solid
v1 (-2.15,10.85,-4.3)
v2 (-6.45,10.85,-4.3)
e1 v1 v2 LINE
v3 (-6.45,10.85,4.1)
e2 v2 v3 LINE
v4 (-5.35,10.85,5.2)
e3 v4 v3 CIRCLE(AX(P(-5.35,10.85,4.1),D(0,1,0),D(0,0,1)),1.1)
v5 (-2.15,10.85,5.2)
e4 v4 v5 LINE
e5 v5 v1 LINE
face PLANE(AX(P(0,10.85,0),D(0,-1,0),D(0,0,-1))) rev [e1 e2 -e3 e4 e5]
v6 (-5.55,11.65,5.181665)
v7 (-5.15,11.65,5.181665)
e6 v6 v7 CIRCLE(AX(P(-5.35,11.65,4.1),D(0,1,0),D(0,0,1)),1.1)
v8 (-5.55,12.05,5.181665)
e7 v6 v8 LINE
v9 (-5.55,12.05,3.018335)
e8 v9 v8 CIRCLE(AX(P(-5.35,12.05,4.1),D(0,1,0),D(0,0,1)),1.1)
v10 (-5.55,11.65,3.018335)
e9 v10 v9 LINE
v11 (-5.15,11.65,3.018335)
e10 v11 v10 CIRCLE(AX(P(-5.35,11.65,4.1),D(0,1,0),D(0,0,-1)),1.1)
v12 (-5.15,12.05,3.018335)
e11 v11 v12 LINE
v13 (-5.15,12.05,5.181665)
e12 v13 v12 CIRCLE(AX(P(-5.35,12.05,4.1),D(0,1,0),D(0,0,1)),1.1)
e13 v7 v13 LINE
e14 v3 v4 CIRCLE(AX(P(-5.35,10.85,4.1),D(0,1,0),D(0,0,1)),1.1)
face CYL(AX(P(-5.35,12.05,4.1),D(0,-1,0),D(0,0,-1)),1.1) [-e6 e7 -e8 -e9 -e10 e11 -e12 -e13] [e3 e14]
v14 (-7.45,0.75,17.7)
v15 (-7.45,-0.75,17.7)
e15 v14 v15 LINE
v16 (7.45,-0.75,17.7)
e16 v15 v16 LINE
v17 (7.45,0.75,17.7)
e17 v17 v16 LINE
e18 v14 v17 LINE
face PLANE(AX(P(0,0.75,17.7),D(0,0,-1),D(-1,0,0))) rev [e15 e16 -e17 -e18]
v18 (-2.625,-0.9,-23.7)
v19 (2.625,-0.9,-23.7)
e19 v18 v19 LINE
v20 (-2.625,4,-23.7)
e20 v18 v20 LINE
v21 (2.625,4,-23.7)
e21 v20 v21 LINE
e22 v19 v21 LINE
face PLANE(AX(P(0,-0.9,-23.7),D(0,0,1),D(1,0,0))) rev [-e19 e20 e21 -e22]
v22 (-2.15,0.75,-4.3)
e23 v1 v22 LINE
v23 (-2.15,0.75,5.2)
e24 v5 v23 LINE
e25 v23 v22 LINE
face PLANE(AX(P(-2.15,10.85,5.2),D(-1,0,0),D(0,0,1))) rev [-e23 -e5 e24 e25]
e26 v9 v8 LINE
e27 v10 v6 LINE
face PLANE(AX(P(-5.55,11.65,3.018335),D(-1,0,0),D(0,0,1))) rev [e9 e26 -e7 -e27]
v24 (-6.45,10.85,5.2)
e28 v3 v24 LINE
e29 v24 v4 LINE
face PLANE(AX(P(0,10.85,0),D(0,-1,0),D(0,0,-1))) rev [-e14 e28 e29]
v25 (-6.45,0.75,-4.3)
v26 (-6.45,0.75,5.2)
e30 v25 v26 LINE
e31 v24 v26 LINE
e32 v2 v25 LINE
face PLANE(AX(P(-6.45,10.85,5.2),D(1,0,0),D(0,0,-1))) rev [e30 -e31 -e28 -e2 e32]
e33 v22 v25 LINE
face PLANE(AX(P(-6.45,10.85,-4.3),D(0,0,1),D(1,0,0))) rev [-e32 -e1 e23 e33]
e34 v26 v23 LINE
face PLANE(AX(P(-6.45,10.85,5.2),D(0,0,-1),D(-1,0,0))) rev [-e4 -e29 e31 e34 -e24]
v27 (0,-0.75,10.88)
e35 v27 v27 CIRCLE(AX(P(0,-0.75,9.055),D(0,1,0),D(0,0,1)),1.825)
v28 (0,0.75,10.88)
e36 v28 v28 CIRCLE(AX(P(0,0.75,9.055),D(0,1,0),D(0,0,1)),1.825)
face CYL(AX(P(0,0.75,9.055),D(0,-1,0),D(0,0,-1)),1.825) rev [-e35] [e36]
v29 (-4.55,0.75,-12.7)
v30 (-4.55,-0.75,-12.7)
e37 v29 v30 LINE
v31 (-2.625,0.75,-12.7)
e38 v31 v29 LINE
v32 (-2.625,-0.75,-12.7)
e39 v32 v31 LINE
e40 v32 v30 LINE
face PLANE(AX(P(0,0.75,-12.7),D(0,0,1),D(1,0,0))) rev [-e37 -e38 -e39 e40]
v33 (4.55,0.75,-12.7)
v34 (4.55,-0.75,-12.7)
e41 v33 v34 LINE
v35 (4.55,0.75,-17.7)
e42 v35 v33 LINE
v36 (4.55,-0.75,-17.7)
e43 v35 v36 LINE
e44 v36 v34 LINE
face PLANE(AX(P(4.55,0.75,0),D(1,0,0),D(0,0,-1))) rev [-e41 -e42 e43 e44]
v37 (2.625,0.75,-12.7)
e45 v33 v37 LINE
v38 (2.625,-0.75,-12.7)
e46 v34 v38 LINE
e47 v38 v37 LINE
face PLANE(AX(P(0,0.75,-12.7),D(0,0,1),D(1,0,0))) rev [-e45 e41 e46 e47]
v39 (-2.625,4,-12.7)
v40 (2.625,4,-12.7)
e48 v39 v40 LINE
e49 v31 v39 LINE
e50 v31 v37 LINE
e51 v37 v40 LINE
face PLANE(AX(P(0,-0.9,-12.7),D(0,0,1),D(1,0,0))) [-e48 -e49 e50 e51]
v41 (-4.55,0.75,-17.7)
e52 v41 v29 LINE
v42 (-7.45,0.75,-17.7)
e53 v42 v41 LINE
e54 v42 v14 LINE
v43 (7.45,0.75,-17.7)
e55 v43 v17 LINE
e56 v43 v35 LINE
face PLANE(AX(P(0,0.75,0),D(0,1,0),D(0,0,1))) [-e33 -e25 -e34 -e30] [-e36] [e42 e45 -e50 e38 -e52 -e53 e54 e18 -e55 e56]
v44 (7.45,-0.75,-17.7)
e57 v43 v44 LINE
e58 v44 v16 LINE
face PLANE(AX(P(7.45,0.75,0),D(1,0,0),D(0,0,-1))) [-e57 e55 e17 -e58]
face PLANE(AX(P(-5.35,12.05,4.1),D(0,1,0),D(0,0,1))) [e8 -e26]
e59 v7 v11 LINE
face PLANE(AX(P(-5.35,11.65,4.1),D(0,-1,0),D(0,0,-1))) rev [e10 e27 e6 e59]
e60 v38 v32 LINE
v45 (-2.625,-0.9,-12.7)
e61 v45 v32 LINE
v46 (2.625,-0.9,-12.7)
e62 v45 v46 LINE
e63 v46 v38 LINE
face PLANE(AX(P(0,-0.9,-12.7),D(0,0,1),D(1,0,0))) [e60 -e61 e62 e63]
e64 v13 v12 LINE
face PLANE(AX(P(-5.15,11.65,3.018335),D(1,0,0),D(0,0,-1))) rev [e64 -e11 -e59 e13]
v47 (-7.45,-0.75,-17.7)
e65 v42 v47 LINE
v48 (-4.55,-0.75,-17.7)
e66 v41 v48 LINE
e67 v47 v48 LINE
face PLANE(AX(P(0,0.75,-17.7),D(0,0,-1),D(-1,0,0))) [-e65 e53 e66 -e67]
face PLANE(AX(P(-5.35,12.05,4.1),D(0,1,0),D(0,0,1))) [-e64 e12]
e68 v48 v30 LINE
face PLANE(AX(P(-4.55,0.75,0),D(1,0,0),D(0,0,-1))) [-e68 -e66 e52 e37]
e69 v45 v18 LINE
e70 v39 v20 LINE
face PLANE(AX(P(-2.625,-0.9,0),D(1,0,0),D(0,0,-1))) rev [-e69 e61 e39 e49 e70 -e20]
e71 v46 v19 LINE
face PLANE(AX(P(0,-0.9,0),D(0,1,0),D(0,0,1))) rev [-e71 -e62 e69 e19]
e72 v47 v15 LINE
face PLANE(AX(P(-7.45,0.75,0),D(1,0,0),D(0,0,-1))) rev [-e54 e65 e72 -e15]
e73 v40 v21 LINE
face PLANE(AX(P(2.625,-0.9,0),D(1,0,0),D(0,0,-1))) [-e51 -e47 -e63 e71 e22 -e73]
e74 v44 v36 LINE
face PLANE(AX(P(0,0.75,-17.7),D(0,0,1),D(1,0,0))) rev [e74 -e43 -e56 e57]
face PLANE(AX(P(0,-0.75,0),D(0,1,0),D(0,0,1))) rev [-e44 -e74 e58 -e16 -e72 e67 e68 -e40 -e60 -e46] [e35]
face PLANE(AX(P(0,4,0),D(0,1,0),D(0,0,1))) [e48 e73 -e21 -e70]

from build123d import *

# Parameters (mm, degrees)
SKETCH1_R                = 1.825
BOSS_EXTRUDE1_DEPTH      = 0.75
BOSS_EXTRUDE2_DEPTH      = 4
BOSS_EXTRUDE2_DEPTH_BACK = 0.9
SKETCH1_4_W              = 5.25
SKETCH1_4_H              = 11
SKETCH2_W                = 4.3
SKETCH2_H                = 9.5
BOSS_EXTRUDE3_DEPTH      = 10.1
SKETCH3_R                = 1.1
BOSS_EXTRUDE4_DEPTH      = 1.2
CUT_EXTRUDE1_START       = -0.4
CUT_EXTRUDE1_DEPTH       = 0.4


with BuildPart() as part:
    # Sketch1 → Boss-Extrude1 (new, symmetric)
    with BuildSketch(Plane(origin=(0, 0, 0), x_dir=(1, 0, 0), z_dir=(0, 1, 0))):
        Polygon((7.45, -17.7), (7.45, 17.7), (4.55, 17.7), (4.55, 12.7), (2.625, 12.7), (-2.625, 12.7), (-4.55, 12.7), (-4.55, 17.7), (-7.45, 17.7), (-7.45, -17.7), align=None)
        with Locations((0, -9.055)):
            Circle(SKETCH1_R, mode=Mode.SUBTRACT)
    extrude(amount=BOSS_EXTRUDE1_DEPTH, both=True)

    # Sketch1<4> → Boss-Extrude2 (add, two sides: drawn at the far end of the back side and taken through both)
    with BuildSketch(Plane(origin=(0, 0, 0), x_dir=(1, 0, 0), z_dir=(0, 1, 0)).offset(-BOSS_EXTRUDE2_DEPTH_BACK)):
        with Locations((0, 18.2)):
            Rectangle(SKETCH1_4_W, SKETCH1_4_H)
    extrude(amount=BOSS_EXTRUDE2_DEPTH + BOSS_EXTRUDE2_DEPTH_BACK)

    # Sketch2 → Boss-Extrude3 (add)
    with BuildSketch(Plane(origin=(0, 0.75, 0), x_dir=(1, 0, 0), z_dir=(0, 1, 0))):
        with Locations((-4.3, -0.45)):
            Rectangle(SKETCH2_W, SKETCH2_H)
    extrude(amount=BOSS_EXTRUDE3_DEPTH)

    # Sketch3 → Boss-Extrude4 (add)
    with BuildSketch(Plane(origin=(0, 10.85, 0), x_dir=(1, 0, 0), z_dir=(0, 1, 0))):
        with Locations((-5.35, -4.1)):
            Circle(SKETCH3_R)
    extrude(amount=BOSS_EXTRUDE4_DEPTH)

    # Sketch4 → Cut-Extrude1 (cut)
    with BuildSketch(Plane(origin=(0, 12.05, 0), x_dir=(1, 0, 0), z_dir=(0, 1, 0)).offset(CUT_EXTRUDE1_START)):
        with BuildLine():
            Line((-5.15, -3.018334617), (-5.15, -5.181665383))
            ThreePointArc((-5.15, -5.181665383), (-5.35, -5.2), (-5.55, -5.181665383))
            Line((-5.55, -5.181665383), (-5.55, -3.018334617))
            ThreePointArc((-5.55, -3.018334617), (-5.35, -3), (-5.15, -3.018334617))
        make_face()
    extrude(amount=CUT_EXTRUDE1_DEPTH, mode=Mode.SUBTRACT)


solid = part.part
